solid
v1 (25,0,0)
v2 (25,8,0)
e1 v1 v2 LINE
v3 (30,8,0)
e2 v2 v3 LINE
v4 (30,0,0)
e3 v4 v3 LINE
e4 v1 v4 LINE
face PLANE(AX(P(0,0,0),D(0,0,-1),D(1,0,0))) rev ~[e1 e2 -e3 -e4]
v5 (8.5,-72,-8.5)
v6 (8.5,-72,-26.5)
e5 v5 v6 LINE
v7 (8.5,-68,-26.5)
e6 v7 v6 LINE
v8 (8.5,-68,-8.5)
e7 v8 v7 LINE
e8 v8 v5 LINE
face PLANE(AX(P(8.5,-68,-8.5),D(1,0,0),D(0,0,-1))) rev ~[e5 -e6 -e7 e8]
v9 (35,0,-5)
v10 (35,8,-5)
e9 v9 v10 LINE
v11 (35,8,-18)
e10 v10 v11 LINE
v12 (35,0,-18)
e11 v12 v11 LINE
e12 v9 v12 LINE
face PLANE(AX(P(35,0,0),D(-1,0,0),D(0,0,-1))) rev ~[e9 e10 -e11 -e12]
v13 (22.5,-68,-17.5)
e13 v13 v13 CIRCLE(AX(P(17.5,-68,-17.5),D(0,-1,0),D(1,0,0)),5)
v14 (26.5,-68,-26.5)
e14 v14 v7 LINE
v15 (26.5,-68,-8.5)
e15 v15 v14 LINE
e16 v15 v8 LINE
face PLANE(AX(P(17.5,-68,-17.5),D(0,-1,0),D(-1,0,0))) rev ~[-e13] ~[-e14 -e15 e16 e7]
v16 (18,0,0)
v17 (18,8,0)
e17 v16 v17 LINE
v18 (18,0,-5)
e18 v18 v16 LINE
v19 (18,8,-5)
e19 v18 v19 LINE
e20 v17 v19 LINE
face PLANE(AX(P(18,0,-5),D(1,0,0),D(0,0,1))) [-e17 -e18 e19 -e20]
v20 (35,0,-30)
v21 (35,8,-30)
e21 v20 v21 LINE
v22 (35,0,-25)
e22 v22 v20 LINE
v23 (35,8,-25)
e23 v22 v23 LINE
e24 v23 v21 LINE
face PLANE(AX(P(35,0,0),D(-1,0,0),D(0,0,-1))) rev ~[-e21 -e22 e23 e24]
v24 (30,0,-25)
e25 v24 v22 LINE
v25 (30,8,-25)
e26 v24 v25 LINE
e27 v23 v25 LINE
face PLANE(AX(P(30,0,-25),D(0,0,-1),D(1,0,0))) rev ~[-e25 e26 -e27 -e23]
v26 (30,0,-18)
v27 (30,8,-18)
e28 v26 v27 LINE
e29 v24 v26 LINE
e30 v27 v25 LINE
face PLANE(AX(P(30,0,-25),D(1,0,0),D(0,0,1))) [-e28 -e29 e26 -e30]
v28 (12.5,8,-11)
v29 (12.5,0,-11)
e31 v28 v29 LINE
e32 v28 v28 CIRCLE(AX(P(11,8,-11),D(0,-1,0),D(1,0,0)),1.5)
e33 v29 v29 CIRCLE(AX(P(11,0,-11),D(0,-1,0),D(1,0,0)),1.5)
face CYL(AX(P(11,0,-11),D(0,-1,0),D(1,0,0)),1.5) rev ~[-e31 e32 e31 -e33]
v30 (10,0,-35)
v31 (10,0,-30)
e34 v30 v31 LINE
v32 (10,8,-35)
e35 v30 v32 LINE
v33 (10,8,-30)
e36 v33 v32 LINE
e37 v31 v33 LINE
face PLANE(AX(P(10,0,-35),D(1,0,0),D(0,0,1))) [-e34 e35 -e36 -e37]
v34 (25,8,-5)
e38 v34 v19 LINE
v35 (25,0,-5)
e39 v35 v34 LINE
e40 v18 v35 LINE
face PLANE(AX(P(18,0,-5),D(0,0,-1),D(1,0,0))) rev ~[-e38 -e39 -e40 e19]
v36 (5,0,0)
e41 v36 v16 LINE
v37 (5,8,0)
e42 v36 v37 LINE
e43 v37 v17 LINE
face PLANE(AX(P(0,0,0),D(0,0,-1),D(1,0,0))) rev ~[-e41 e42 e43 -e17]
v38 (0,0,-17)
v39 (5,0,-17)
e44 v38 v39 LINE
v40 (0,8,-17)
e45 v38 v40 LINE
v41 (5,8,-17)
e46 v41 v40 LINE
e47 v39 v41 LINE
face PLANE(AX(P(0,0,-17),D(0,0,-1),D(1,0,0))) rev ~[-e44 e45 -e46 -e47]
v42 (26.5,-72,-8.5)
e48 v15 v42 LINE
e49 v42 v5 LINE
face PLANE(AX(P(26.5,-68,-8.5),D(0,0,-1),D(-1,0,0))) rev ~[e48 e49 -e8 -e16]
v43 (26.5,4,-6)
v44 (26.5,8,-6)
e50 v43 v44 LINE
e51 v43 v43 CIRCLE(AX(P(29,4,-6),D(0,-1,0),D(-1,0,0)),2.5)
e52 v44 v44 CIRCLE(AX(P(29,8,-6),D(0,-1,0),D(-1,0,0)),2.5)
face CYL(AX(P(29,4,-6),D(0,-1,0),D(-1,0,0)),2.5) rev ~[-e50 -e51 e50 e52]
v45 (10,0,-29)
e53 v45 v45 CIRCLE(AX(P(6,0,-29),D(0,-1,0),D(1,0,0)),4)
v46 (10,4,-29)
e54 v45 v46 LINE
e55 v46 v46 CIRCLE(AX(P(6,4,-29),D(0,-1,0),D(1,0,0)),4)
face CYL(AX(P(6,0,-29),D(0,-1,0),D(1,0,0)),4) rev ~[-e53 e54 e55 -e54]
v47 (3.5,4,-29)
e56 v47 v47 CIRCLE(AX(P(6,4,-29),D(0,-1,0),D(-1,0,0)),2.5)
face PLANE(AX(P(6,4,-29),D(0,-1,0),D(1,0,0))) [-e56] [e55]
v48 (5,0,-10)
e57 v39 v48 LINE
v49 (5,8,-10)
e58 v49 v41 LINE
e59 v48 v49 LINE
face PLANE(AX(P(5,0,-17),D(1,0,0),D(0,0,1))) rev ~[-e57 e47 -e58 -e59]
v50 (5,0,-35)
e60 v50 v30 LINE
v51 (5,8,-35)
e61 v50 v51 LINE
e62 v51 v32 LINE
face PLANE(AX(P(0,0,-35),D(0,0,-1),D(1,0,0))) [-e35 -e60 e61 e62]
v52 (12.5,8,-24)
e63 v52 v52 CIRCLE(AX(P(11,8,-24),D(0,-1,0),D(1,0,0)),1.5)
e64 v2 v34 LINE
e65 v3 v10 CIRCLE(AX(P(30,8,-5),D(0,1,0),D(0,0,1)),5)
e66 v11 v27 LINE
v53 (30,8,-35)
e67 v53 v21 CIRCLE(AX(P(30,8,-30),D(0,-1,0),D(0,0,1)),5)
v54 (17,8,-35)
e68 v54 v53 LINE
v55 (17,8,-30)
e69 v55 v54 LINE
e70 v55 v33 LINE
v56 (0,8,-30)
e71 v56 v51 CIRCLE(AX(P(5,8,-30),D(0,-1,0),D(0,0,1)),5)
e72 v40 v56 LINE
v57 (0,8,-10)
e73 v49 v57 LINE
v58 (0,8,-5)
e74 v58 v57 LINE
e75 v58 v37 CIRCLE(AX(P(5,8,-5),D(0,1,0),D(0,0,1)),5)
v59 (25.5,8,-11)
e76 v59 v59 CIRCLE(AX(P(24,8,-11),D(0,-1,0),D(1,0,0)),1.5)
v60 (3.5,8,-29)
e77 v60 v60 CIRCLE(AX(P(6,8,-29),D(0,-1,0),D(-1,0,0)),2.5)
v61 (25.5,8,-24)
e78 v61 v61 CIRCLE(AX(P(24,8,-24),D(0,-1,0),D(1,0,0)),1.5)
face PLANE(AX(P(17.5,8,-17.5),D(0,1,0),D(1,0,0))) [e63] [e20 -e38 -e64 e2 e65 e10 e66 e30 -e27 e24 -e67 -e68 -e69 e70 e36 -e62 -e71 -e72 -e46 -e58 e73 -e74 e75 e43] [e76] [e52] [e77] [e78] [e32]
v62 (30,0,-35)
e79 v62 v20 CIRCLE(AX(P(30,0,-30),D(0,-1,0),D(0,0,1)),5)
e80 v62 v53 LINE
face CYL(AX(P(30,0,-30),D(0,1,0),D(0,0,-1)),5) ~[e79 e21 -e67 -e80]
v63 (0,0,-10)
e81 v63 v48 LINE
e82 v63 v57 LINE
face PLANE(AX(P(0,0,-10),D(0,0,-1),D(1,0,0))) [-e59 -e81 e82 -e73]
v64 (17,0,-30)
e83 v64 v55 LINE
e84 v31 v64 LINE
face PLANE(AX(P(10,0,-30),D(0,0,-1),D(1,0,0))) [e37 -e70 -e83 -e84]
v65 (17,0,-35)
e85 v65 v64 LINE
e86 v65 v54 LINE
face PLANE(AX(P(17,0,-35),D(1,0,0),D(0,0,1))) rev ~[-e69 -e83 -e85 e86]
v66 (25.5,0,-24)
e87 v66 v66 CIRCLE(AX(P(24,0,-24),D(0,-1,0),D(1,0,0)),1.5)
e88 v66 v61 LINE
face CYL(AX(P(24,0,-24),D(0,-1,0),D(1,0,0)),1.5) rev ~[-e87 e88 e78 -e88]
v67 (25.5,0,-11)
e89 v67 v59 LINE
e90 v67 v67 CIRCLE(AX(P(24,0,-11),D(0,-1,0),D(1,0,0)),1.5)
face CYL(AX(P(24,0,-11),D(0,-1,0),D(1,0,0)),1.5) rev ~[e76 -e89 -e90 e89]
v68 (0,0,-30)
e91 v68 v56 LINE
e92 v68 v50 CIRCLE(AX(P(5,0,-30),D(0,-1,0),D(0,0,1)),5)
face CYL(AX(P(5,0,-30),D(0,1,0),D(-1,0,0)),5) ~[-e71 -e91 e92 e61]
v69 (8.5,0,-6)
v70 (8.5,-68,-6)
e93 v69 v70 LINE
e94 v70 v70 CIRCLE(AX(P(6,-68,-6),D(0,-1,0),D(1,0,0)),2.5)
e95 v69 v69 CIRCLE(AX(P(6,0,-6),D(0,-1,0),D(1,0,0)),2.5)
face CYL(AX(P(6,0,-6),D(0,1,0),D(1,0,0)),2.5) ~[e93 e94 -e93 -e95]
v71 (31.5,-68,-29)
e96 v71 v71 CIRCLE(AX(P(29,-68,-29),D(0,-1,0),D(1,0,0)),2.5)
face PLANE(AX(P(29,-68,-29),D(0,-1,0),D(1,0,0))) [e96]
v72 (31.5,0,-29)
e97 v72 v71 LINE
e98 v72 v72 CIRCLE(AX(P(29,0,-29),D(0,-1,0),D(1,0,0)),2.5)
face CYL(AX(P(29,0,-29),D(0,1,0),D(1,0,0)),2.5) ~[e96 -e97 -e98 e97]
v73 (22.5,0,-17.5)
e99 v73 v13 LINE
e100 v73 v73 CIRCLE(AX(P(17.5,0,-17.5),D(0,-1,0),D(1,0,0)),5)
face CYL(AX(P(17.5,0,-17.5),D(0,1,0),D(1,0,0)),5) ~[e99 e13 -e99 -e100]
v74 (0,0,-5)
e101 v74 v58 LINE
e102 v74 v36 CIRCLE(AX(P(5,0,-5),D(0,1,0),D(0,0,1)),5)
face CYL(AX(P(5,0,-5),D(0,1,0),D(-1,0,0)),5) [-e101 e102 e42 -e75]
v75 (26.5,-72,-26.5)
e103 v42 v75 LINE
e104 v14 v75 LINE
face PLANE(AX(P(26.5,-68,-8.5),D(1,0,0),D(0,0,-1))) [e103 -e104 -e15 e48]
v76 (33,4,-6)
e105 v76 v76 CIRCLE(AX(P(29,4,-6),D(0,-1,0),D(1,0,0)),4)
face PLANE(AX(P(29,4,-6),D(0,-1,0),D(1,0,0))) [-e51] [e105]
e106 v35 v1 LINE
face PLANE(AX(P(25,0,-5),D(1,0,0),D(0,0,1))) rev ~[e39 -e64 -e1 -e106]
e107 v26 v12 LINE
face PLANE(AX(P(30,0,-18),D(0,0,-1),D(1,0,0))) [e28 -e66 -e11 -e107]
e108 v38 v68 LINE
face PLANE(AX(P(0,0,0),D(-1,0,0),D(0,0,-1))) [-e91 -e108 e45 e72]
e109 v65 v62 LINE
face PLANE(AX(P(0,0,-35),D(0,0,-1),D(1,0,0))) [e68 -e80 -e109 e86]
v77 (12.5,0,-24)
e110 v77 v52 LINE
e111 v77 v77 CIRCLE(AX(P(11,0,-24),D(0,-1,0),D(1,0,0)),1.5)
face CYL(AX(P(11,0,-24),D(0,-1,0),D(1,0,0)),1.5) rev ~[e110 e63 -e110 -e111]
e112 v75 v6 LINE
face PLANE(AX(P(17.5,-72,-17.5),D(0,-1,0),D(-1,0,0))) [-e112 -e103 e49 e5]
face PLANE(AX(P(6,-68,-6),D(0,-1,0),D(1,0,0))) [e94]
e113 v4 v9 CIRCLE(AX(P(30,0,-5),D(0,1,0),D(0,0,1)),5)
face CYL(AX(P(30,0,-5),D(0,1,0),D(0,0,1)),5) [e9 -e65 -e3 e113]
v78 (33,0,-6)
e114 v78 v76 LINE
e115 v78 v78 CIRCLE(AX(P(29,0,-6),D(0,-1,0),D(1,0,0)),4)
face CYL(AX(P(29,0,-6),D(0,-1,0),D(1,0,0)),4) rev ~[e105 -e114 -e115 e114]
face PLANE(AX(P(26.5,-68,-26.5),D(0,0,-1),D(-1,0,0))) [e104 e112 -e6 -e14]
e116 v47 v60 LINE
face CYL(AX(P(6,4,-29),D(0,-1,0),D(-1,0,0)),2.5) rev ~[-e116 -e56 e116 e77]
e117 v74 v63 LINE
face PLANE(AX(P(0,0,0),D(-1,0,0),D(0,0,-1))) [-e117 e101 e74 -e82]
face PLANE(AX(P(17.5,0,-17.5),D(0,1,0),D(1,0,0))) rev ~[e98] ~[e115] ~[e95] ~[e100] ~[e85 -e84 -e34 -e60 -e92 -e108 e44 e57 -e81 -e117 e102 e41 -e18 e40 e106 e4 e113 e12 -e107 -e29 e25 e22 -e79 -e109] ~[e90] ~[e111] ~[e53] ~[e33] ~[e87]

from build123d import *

# Parameters (mm, degrees)
SKETCH1_W           = 35
SKETCH1_H           = 35
BOSS_EXTRUDE1_DEPTH = 8
SKETCH2_W           = 7
SKETCH2_H           = 5
SKETCH2_W_2         = 5
SKETCH2_H_2         = 7
SKETCH2_R           = 1.5
CUT_EXTRUDE1_DEPTH  = 51.139804547
SKETCH2_5_R         = 4
SKETCH2_5_R_2       = 1.5
CUT_EXTRUDE2_DEPTH  = 4
SKETCH2_7_R         = 2.5
SKETCH2_7_R_2       = 5
BOSS_EXTRUDE2_DEPTH = 68
SKETCH3_W           = 18
SKETCH3_H           = 18
BOSS_EXTRUDE3_DEPTH = 4
FILLET1_R           = 5
SKETCH4_R           = 2.5
CUT_EXTRUDE3_DEPTH  = 10


with BuildPart() as part:
    # Sketch1 → Boss-Extrude1 (new body)
    with BuildSketch(Plane(origin=(0, 0, 0), x_dir=(1, 0, 0), z_dir=(0, 1, 0))):
        with Locations((17.5, 17.5)):
            Rectangle(SKETCH1_W, SKETCH1_H)
    extrude(amount=BOSS_EXTRUDE1_DEPTH)

    # Sketch2 → Cut-Extrude1 (cut, through all)
    with BuildSketch(Plane.XZ):
        with Locations((21.5, -2.5)):
            Rectangle(SKETCH2_W, SKETCH2_H)
        with Locations((2.5, -13.5)):
            Rectangle(SKETCH2_W_2, SKETCH2_H_2)
        with Locations((32.5, -21.5)):
            Rectangle(SKETCH2_W_2, SKETCH2_H_2)
        with Locations((13.5, -32.5)):
            Rectangle(SKETCH2_W, SKETCH2_H)
        with Locations((11, -11)):
            Circle(SKETCH2_R)
        with Locations((24, -11)):
            Circle(SKETCH2_R)
        with Locations((24, -24)):
            Circle(SKETCH2_R)
        with Locations((11, -24)):
            Circle(SKETCH2_R)
    extrude(amount=-CUT_EXTRUDE1_DEPTH, mode=Mode.SUBTRACT)

    # Sketch2<5> → Cut-Extrude2 (cut)
    with BuildSketch(Plane.XZ):
        with Locations((29, -6)):
            Circle(SKETCH2_5_R)
        with Locations((6, -29)):
            Circle(SKETCH2_5_R)
        with Locations((11, -11)):
            Circle(SKETCH2_5_R_2)
    extrude(amount=-CUT_EXTRUDE2_DEPTH, mode=Mode.SUBTRACT)

    # Sketch2<7> → Boss-Extrude2 (add)
    with BuildSketch(Plane.XZ):
        with Locations((6, -6)):
            Circle(SKETCH2_7_R)
        with Locations((29, -29)):
            Circle(SKETCH2_7_R)
        with Locations((17.5, -17.5)):
            Circle(SKETCH2_7_R_2)
    extrude(amount=BOSS_EXTRUDE2_DEPTH)

    # Sketch3 → Boss-Extrude3 (add)
    with BuildSketch(Plane(origin=(0, -68, 0), x_dir=(-1, 0, 0), z_dir=(0, -1, 0))):
        with Locations((-17.5, 17.5)):
            Rectangle(SKETCH3_W, SKETCH3_H)
    extrude(amount=BOSS_EXTRUDE3_DEPTH)

    # Fillet1
    fillet1_edges = [part.edges().sort_by_distance(p)[0] for p in [
        (35, 4, -35),
        (0, 4, -35),
        (0, 4, 0),
        (35, 4, 0),
    ]]
    fillet(fillet1_edges, radius=FILLET1_R)

    # Sketch4 → Cut-Extrude3 (cut)
    with BuildSketch(Plane(origin=(0, 4, 0), x_dir=(-1, 0, 0), z_dir=(0, -1, 0))):
        with Locations((-29, 6)):
            Circle(SKETCH4_R)
        with Locations((-6, 29)):
            Circle(SKETCH4_R)
    extrude(amount=-CUT_EXTRUDE3_DEPTH, mode=Mode.SUBTRACT)


solid = part.part
